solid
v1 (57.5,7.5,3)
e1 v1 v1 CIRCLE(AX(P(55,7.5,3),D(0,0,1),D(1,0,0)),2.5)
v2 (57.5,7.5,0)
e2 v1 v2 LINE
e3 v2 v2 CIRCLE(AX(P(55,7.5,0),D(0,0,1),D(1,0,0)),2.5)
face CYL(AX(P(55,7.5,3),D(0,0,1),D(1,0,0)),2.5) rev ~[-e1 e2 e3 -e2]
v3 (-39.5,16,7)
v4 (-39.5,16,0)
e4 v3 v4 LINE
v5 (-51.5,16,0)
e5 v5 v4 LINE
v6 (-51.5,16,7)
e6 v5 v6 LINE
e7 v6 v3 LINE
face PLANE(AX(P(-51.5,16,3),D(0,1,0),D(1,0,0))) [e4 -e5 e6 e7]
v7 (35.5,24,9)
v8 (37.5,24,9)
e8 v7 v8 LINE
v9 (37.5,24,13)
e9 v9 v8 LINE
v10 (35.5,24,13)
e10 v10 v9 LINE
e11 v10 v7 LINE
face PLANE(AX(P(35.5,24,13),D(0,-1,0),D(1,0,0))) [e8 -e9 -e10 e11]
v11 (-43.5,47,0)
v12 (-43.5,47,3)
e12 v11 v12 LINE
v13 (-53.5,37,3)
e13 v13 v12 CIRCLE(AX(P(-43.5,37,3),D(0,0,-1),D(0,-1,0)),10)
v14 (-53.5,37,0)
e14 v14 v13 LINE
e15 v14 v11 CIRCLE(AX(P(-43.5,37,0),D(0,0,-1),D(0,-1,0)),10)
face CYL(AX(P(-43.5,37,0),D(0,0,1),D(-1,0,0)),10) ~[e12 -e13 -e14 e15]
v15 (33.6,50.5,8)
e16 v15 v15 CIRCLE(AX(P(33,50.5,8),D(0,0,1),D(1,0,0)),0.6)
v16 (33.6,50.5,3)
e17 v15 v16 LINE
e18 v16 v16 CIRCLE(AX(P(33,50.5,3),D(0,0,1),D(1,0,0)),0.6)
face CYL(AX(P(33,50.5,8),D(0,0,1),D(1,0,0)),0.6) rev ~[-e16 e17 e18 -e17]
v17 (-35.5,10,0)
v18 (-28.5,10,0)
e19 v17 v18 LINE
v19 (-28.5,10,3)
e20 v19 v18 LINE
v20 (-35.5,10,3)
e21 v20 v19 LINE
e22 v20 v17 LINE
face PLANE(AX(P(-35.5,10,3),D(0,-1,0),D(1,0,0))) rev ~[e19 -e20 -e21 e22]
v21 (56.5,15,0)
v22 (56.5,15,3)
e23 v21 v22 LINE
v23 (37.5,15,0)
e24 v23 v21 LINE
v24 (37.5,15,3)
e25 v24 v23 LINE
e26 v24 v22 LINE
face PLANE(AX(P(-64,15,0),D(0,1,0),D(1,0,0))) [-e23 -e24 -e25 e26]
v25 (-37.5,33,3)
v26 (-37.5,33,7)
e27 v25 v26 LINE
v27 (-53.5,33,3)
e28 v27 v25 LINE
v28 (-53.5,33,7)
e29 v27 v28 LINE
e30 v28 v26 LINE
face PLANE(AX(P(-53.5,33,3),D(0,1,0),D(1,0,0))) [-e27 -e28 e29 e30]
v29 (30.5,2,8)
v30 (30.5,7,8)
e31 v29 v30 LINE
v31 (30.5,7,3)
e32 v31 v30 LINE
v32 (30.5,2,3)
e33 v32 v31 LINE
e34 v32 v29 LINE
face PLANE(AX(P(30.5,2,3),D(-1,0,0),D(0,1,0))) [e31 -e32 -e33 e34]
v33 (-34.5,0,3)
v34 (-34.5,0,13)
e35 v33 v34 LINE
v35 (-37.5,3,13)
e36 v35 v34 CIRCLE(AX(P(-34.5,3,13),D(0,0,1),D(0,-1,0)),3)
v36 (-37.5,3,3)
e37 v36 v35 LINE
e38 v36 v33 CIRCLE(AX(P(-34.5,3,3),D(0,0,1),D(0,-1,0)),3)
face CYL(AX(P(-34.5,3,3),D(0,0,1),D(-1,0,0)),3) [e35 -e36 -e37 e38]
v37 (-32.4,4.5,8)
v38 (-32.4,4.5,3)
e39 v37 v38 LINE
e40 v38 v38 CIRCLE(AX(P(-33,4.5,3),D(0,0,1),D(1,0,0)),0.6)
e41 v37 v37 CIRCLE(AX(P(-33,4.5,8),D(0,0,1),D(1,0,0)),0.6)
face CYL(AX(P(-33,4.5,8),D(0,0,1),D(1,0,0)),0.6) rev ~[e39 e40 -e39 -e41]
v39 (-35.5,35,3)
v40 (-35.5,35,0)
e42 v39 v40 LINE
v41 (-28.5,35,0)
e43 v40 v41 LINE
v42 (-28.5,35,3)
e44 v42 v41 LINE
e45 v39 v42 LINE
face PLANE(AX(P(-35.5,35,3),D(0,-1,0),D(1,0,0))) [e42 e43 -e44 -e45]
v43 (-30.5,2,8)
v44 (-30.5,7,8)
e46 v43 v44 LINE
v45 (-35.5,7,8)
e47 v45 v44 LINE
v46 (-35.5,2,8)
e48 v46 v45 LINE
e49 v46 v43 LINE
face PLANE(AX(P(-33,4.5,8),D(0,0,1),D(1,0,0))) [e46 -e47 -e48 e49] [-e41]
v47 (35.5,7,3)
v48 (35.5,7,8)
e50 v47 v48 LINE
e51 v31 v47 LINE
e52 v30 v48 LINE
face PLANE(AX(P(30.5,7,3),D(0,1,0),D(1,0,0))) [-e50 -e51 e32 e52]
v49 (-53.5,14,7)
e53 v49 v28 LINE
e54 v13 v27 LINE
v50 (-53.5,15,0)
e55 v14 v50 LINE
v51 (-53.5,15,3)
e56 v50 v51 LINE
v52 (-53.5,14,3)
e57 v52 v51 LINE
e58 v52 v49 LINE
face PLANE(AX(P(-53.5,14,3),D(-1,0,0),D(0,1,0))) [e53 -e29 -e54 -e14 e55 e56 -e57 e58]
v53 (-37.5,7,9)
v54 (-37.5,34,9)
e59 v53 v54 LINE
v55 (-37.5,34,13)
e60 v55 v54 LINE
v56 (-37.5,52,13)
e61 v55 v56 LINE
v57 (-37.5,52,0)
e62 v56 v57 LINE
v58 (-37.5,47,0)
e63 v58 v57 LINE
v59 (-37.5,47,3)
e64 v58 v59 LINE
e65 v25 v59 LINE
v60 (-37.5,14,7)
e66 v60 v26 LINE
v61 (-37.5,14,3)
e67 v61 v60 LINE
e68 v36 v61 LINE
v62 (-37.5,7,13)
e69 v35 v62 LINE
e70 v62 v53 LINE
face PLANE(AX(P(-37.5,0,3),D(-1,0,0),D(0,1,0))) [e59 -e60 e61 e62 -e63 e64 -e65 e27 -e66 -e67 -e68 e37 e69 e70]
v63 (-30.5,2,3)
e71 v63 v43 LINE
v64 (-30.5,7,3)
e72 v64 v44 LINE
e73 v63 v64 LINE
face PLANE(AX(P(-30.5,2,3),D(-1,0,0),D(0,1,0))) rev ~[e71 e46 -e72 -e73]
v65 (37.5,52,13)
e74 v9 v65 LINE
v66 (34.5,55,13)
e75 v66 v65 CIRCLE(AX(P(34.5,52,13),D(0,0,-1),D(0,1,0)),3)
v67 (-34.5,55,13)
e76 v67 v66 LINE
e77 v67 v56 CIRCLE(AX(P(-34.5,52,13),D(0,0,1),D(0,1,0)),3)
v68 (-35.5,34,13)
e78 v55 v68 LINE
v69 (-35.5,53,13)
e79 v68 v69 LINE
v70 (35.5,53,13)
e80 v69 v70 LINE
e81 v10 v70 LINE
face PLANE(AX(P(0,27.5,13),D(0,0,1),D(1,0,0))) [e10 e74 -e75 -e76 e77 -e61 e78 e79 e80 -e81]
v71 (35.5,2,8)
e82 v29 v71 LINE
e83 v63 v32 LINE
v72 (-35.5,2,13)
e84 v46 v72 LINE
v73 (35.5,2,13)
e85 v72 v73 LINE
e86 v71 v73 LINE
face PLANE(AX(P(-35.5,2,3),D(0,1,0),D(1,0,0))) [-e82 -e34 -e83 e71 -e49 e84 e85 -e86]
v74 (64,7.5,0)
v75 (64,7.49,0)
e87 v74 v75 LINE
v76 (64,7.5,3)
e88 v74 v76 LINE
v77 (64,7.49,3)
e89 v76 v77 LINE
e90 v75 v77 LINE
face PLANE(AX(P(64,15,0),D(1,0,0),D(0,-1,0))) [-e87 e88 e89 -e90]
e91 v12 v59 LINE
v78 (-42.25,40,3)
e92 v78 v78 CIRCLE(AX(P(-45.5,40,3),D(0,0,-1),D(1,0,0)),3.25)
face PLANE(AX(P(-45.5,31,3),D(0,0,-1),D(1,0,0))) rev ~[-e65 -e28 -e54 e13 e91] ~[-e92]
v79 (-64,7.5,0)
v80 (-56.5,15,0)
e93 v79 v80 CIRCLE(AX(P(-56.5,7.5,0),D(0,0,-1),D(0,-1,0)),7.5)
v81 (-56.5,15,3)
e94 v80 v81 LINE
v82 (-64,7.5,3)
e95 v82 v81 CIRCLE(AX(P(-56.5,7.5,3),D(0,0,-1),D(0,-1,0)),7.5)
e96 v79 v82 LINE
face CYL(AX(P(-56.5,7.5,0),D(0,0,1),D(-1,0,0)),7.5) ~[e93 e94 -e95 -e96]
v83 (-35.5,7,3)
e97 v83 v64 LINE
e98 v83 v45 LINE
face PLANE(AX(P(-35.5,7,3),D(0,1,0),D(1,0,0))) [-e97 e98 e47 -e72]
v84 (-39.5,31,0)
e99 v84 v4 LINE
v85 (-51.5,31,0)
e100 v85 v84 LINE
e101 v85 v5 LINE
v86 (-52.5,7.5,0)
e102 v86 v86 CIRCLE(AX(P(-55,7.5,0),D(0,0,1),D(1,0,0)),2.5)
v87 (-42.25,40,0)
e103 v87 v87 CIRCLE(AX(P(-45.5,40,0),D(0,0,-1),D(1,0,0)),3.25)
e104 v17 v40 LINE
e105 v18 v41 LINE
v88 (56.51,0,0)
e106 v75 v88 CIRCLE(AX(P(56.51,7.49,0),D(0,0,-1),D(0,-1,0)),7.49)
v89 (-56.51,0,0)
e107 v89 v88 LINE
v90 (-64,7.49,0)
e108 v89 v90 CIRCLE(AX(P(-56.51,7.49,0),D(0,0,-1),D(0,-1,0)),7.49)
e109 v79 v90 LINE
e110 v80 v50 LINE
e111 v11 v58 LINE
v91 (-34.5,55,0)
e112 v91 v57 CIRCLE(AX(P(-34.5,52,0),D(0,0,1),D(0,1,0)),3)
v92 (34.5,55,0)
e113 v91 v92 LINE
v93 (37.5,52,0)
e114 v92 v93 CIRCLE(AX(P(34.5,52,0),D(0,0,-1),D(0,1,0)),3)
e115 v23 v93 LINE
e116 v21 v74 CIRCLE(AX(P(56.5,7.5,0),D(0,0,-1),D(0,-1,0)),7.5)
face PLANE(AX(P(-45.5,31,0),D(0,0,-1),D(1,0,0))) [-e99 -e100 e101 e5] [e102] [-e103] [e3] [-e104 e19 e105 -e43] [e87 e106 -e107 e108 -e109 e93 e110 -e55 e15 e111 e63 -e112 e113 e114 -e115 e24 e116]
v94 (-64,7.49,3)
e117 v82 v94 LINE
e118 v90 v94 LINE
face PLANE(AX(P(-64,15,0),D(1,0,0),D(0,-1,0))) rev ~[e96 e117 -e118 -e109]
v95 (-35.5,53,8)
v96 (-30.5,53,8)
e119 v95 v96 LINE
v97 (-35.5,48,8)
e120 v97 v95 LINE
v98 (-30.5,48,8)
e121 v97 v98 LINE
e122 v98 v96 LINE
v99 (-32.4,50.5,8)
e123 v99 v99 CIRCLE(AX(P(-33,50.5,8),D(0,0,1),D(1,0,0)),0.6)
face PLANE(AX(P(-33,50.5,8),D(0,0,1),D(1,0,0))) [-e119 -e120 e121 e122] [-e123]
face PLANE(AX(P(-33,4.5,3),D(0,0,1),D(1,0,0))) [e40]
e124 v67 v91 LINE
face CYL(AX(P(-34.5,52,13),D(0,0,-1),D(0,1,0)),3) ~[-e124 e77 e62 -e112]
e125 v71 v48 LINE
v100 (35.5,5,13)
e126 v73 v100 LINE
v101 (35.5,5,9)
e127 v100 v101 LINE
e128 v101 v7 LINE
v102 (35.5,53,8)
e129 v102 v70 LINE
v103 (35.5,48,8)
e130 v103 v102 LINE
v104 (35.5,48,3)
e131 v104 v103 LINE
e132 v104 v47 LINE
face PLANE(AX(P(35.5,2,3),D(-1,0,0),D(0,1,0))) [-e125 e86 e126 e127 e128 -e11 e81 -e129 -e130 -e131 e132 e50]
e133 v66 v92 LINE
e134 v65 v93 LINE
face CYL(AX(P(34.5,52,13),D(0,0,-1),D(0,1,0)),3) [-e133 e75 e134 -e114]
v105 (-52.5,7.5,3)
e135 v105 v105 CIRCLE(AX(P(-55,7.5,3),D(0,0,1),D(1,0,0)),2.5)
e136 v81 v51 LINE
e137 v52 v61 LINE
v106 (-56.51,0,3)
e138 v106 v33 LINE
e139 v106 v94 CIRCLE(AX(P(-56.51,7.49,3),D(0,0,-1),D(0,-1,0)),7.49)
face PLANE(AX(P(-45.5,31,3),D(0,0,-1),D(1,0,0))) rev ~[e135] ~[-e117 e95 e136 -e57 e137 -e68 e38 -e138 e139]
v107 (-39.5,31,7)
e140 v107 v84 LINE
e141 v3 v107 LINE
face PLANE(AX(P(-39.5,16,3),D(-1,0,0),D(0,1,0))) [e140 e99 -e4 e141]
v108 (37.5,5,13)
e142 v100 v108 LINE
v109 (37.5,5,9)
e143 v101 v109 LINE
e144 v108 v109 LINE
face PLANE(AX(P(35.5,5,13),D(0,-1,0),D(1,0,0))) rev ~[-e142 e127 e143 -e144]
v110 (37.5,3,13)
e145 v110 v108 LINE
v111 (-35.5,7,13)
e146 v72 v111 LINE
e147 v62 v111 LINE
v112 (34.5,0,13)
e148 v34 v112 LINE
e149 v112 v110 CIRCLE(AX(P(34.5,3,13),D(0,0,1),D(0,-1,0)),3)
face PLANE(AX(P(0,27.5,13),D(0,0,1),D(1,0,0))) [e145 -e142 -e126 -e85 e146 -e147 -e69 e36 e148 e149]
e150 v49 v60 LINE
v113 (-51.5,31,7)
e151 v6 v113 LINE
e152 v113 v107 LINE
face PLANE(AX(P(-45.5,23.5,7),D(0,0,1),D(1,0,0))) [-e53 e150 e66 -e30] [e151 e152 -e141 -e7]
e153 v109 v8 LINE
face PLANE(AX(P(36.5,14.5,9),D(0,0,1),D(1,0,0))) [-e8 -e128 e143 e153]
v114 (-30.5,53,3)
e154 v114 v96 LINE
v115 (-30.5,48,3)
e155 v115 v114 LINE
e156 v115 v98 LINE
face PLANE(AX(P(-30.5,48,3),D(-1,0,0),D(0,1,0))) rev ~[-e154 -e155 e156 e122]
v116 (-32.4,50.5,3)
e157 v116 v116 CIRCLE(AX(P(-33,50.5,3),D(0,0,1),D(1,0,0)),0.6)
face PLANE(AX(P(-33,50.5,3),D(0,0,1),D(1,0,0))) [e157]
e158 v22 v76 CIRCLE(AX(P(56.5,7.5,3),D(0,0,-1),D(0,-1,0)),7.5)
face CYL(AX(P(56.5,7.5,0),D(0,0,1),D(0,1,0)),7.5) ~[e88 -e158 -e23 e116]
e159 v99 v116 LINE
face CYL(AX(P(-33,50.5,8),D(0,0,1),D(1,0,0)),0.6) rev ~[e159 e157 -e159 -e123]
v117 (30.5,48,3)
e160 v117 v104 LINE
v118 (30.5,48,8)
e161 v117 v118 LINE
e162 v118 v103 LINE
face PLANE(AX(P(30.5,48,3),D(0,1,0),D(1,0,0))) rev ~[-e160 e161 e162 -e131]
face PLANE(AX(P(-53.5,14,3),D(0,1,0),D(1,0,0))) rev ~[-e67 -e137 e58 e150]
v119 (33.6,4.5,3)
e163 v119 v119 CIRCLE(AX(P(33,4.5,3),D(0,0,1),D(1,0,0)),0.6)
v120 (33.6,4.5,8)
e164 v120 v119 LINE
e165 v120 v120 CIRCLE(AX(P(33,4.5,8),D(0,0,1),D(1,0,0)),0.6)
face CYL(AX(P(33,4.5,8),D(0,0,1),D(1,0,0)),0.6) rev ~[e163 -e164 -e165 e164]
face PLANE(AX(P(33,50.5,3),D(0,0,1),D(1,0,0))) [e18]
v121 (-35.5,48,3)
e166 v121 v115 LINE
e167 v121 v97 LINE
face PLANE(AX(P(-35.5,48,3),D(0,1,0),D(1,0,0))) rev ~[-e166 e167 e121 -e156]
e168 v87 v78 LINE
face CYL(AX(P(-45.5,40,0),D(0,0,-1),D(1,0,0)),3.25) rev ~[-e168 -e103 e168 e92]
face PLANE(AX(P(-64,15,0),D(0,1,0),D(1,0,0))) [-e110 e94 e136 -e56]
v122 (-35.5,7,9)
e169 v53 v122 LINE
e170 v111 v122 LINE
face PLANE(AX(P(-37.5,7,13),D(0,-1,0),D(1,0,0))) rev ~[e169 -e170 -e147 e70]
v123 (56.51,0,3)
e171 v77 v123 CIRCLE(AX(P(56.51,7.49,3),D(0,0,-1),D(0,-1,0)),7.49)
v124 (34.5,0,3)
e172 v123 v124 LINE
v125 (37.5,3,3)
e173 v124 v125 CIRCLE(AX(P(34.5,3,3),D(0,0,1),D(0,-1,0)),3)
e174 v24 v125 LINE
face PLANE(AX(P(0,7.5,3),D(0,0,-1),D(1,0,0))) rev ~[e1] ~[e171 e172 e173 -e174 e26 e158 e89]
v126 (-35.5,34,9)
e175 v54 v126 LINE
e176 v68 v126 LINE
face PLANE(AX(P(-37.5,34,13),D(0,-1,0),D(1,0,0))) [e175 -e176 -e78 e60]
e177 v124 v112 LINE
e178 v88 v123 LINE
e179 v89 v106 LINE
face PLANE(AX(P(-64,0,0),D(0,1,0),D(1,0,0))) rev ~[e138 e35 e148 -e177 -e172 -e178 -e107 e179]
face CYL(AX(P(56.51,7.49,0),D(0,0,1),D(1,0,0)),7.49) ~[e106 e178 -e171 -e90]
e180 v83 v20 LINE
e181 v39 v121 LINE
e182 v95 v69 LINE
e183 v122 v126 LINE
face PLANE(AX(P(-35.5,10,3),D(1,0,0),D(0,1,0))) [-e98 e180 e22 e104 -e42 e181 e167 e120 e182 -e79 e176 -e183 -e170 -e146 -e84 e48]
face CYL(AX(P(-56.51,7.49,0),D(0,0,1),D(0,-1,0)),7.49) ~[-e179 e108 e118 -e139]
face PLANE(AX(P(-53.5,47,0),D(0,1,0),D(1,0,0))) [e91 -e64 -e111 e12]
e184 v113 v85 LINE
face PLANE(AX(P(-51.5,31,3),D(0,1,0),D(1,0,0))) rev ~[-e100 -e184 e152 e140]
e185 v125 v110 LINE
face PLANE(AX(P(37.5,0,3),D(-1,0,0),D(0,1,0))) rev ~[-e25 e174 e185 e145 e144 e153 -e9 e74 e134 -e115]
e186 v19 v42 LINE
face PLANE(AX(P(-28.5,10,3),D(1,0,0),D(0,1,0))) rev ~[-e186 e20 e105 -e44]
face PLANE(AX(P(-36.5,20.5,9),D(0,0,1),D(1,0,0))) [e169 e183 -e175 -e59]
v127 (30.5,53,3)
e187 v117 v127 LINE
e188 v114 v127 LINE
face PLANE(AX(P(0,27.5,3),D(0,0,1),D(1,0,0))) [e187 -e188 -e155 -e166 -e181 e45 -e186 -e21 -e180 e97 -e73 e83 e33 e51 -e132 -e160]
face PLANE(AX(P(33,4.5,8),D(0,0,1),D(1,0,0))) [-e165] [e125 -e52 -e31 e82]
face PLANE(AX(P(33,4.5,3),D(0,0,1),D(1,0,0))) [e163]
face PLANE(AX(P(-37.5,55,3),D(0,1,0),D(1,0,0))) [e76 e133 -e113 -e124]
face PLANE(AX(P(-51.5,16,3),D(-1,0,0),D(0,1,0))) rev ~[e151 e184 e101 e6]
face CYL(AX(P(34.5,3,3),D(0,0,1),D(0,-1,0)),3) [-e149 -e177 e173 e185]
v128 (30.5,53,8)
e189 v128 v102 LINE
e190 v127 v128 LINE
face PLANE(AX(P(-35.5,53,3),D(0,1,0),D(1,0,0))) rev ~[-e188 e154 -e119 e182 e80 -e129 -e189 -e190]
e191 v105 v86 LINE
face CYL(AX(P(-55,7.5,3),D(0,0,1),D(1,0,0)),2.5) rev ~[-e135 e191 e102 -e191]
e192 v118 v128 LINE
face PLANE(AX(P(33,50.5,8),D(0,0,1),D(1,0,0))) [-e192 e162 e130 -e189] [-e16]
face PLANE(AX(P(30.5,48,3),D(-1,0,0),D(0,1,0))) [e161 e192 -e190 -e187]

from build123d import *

# Parameters (mm, degrees)
SKETCH_W        = 75
SKETCH_H        = 55
PAD_DEPTH       = 3
SKETCH001_W     = 75
SKETCH001_H     = 55
SKETCH001_W_2   = 71
SKETCH001_H_2   = 51
PAD001_DEPTH    = 10
SKETCH002_W     = 5
SKETCH002_H     = 5
PAD002_DEPTH    = 5
SKETCH003_W     = 2
SKETCH003_H     = 19
POCKET_DEPTH    = 4
SKETCH004_W     = 2
SKETCH004_H     = 27
POCKET001_DEPTH = 4
SKETCH005_W     = 128
SKETCH005_H     = 15
PAD003_DEPTH    = 3
SKETCH006_R     = 2.5
POCKET002_DEPTH = 3
SKETCH007_W     = 16
SKETCH007_H     = 32
SKETCH007_R     = 3.25
SKETCH007_W_2   = 12
SKETCH007_H_2   = 15
PAD004_DEPTH    = 3
SKETCH010_W     = 7
SKETCH010_H     = 25
POCKET003_DEPTH = 3
SKETCH009_W     = 16
SKETCH009_H     = 19
SKETCH009_W_2   = 12
SKETCH009_H_2   = 15
PAD005_DEPTH    = 4
FILLET_R        = 10
FILLET001_R     = 3
FILLET002_R     = 3
FILLET003_R     = 3
FILLET004_R     = 3
FILLET005_R     = 7.5
FILLET006_R     = 7.49
FILLET007_R     = 7.49
FILLET008_R     = 7.5
SKETCH011_R     = 0.6
POCKET004_DEPTH = 5


with BuildPart() as part:
    # Sketch → Pad (new body)
    with BuildSketch(Plane.XY):
        with Locations((0, 27.5)):
            Rectangle(SKETCH_W, SKETCH_H)
    extrude(amount=PAD_DEPTH)

    # Sketch001 (on Face6 of Pad) → Pad001 (join)
    with BuildSketch(Plane.XY.offset(3)):
        with Locations((0, 27.5)):
            Rectangle(SKETCH001_W, SKETCH001_H)
        with Locations((0, 27.5)):
            Rectangle(SKETCH001_W_2, SKETCH001_H_2, mode=Mode.SUBTRACT)
    extrude(amount=PAD001_DEPTH)

    # Sketch002 (on Face15 of Pad001) → Pad002 (join)
    with BuildSketch(Plane.XY.offset(3)):
        with Locations((-33, 50.5)):
            Rectangle(SKETCH002_W, SKETCH002_H)
        with Locations((33, 50.5)):
            Rectangle(SKETCH002_W, SKETCH002_H)
        with Locations((33, 4.5)):
            Rectangle(SKETCH002_W, SKETCH002_H)
        with Locations((-33, 4.5)):
            Rectangle(SKETCH002_W, SKETCH002_H)
    extrude(amount=PAD002_DEPTH)

    # Sketch003 (on Face9 of Pad002) → Pocket (cut)
    with BuildSketch(Plane.XY.offset(13)):
        with Locations((36.5, 14.5)):
            Rectangle(SKETCH003_W, SKETCH003_H)
    extrude(amount=-POCKET_DEPTH, mode=Mode.SUBTRACT)

    # Sketch004 (on Face9 of Pocket) → Pocket001 (cut)
    with BuildSketch(Plane.XY.offset(13)):
        with Locations((-36.5, 20.5)):
            Rectangle(SKETCH004_W, SKETCH004_H)
    extrude(amount=-POCKET001_DEPTH, mode=Mode.SUBTRACT)

    # Sketch005 (on Face4 of Pocket001) → Pad003 (join)
    with BuildSketch(Plane(origin=(0, 0, 0), x_dir=(1, 0, 0), z_dir=(0, 0, -1))):
        with Locations((0, -7.5)):
            Rectangle(SKETCH005_W, SKETCH005_H)
    extrude(amount=-PAD003_DEPTH)

    # Sketch006 (on Face12 of Pad003) → Pocket002 (cut)
    with BuildSketch(Plane.XY.offset(3)):
        with Locations((-55, 7.5)):
            Circle(SKETCH006_R)
        with Locations((55, 7.5)):
            Circle(SKETCH006_R)
    extrude(amount=-POCKET002_DEPTH, mode=Mode.SUBTRACT)

    # Sketch007 (on Face4 of Pocket002) → Pad004 (join)
    with BuildSketch(Plane(origin=(0, 0, 0), x_dir=(1, 0, 0), z_dir=(0, 0, -1))):
        with Locations((-45.5, -31)):
            Rectangle(SKETCH007_W, SKETCH007_H)
        with Locations((-45.5, -40)):
            Circle(SKETCH007_R, mode=Mode.SUBTRACT)
        with Locations((-45.5, -23.5)):
            Rectangle(SKETCH007_W_2, SKETCH007_H_2, mode=Mode.SUBTRACT)
    extrude(amount=-PAD004_DEPTH)

    # Sketch010 (on Face46 of Pad004) → Pocket003 (cut)
    with BuildSketch(Plane.XY.offset(3)):
        with Locations((-32, 22.5)):
            Rectangle(SKETCH010_W, SKETCH010_H)
    extrude(amount=-POCKET003_DEPTH, mode=Mode.SUBTRACT)

    # Sketch009 (on Face22 of Pad004) → Pad005 (join)
    with BuildSketch(Plane.XY.offset(3)):
        with Locations((-45.5, 23.5)):
            Rectangle(SKETCH009_W, SKETCH009_H)
        with Locations((-45.5, 23.5)):
            Rectangle(SKETCH009_W_2, SKETCH009_H_2, mode=Mode.SUBTRACT)
    extrude(amount=PAD005_DEPTH)

    # Fillet
    fillet_edges = [part.edges().sort_by_distance(p)[0] for p in [
        (-53.5, 47, 1.5),
    ]]
    fillet(fillet_edges, radius=FILLET_R)

    # Fillet001
    fillet001_edges = [part.edges().sort_by_distance(p)[0] for p in [
        (37.5, 55, 8),
    ]]
    fillet(fillet001_edges, radius=FILLET001_R)

    # Fillet002
    fillet002_edges = [part.edges().sort_by_distance(p)[0] for p in [
        (-37.5, 55, 8),
    ]]
    fillet(fillet002_edges, radius=FILLET002_R)

    # Fillet003
    fillet003_edges = [part.edges().sort_by_distance(p)[0] for p in [
        (-37.5, 0, 8),
    ]]
    fillet(fillet003_edges, radius=FILLET003_R)

    # Fillet004
    fillet004_edges = [part.edges().sort_by_distance(p)[0] for p in [
        (37.5, 0, 8),
    ]]
    fillet(fillet004_edges, radius=FILLET004_R)

    # Fillet005
    fillet005_edges = [part.edges().sort_by_distance(p)[0] for p in [
        (64, 15, 1.5),
    ]]
    fillet(fillet005_edges, radius=FILLET005_R)

    # Fillet006
    fillet006_edges = [part.edges().sort_by_distance(p)[0] for p in [
        (64, 0, 1.5),
    ]]
    fillet(fillet006_edges, radius=FILLET006_R)

    # Fillet007
    fillet007_edges = [part.edges().sort_by_distance(p)[0] for p in [
        (-64, 0, 1.5),
    ]]
    fillet(fillet007_edges, radius=FILLET007_R)

    # Fillet008
    fillet008_edges = [part.edges().sort_by_distance(p)[0] for p in [
        (-64, 15, 1.5),
    ]]
    fillet(fillet008_edges, radius=FILLET008_R)

    # Sketch011 (on Face73 of Fillet008) → Pocket004 (cut)
    with BuildSketch(Plane.XY.offset(8)):
        with Locations((-33, 4.5)):
            Circle(SKETCH011_R)
        with Locations((33, 4.5)):
            Circle(SKETCH011_R)
        with Locations((-33, 50.5)):
            Circle(SKETCH011_R)
        with Locations((33, 50.5)):
            Circle(SKETCH011_R)
    extrude(amount=-POCKET004_DEPTH, mode=Mode.SUBTRACT)


solid = part.part
